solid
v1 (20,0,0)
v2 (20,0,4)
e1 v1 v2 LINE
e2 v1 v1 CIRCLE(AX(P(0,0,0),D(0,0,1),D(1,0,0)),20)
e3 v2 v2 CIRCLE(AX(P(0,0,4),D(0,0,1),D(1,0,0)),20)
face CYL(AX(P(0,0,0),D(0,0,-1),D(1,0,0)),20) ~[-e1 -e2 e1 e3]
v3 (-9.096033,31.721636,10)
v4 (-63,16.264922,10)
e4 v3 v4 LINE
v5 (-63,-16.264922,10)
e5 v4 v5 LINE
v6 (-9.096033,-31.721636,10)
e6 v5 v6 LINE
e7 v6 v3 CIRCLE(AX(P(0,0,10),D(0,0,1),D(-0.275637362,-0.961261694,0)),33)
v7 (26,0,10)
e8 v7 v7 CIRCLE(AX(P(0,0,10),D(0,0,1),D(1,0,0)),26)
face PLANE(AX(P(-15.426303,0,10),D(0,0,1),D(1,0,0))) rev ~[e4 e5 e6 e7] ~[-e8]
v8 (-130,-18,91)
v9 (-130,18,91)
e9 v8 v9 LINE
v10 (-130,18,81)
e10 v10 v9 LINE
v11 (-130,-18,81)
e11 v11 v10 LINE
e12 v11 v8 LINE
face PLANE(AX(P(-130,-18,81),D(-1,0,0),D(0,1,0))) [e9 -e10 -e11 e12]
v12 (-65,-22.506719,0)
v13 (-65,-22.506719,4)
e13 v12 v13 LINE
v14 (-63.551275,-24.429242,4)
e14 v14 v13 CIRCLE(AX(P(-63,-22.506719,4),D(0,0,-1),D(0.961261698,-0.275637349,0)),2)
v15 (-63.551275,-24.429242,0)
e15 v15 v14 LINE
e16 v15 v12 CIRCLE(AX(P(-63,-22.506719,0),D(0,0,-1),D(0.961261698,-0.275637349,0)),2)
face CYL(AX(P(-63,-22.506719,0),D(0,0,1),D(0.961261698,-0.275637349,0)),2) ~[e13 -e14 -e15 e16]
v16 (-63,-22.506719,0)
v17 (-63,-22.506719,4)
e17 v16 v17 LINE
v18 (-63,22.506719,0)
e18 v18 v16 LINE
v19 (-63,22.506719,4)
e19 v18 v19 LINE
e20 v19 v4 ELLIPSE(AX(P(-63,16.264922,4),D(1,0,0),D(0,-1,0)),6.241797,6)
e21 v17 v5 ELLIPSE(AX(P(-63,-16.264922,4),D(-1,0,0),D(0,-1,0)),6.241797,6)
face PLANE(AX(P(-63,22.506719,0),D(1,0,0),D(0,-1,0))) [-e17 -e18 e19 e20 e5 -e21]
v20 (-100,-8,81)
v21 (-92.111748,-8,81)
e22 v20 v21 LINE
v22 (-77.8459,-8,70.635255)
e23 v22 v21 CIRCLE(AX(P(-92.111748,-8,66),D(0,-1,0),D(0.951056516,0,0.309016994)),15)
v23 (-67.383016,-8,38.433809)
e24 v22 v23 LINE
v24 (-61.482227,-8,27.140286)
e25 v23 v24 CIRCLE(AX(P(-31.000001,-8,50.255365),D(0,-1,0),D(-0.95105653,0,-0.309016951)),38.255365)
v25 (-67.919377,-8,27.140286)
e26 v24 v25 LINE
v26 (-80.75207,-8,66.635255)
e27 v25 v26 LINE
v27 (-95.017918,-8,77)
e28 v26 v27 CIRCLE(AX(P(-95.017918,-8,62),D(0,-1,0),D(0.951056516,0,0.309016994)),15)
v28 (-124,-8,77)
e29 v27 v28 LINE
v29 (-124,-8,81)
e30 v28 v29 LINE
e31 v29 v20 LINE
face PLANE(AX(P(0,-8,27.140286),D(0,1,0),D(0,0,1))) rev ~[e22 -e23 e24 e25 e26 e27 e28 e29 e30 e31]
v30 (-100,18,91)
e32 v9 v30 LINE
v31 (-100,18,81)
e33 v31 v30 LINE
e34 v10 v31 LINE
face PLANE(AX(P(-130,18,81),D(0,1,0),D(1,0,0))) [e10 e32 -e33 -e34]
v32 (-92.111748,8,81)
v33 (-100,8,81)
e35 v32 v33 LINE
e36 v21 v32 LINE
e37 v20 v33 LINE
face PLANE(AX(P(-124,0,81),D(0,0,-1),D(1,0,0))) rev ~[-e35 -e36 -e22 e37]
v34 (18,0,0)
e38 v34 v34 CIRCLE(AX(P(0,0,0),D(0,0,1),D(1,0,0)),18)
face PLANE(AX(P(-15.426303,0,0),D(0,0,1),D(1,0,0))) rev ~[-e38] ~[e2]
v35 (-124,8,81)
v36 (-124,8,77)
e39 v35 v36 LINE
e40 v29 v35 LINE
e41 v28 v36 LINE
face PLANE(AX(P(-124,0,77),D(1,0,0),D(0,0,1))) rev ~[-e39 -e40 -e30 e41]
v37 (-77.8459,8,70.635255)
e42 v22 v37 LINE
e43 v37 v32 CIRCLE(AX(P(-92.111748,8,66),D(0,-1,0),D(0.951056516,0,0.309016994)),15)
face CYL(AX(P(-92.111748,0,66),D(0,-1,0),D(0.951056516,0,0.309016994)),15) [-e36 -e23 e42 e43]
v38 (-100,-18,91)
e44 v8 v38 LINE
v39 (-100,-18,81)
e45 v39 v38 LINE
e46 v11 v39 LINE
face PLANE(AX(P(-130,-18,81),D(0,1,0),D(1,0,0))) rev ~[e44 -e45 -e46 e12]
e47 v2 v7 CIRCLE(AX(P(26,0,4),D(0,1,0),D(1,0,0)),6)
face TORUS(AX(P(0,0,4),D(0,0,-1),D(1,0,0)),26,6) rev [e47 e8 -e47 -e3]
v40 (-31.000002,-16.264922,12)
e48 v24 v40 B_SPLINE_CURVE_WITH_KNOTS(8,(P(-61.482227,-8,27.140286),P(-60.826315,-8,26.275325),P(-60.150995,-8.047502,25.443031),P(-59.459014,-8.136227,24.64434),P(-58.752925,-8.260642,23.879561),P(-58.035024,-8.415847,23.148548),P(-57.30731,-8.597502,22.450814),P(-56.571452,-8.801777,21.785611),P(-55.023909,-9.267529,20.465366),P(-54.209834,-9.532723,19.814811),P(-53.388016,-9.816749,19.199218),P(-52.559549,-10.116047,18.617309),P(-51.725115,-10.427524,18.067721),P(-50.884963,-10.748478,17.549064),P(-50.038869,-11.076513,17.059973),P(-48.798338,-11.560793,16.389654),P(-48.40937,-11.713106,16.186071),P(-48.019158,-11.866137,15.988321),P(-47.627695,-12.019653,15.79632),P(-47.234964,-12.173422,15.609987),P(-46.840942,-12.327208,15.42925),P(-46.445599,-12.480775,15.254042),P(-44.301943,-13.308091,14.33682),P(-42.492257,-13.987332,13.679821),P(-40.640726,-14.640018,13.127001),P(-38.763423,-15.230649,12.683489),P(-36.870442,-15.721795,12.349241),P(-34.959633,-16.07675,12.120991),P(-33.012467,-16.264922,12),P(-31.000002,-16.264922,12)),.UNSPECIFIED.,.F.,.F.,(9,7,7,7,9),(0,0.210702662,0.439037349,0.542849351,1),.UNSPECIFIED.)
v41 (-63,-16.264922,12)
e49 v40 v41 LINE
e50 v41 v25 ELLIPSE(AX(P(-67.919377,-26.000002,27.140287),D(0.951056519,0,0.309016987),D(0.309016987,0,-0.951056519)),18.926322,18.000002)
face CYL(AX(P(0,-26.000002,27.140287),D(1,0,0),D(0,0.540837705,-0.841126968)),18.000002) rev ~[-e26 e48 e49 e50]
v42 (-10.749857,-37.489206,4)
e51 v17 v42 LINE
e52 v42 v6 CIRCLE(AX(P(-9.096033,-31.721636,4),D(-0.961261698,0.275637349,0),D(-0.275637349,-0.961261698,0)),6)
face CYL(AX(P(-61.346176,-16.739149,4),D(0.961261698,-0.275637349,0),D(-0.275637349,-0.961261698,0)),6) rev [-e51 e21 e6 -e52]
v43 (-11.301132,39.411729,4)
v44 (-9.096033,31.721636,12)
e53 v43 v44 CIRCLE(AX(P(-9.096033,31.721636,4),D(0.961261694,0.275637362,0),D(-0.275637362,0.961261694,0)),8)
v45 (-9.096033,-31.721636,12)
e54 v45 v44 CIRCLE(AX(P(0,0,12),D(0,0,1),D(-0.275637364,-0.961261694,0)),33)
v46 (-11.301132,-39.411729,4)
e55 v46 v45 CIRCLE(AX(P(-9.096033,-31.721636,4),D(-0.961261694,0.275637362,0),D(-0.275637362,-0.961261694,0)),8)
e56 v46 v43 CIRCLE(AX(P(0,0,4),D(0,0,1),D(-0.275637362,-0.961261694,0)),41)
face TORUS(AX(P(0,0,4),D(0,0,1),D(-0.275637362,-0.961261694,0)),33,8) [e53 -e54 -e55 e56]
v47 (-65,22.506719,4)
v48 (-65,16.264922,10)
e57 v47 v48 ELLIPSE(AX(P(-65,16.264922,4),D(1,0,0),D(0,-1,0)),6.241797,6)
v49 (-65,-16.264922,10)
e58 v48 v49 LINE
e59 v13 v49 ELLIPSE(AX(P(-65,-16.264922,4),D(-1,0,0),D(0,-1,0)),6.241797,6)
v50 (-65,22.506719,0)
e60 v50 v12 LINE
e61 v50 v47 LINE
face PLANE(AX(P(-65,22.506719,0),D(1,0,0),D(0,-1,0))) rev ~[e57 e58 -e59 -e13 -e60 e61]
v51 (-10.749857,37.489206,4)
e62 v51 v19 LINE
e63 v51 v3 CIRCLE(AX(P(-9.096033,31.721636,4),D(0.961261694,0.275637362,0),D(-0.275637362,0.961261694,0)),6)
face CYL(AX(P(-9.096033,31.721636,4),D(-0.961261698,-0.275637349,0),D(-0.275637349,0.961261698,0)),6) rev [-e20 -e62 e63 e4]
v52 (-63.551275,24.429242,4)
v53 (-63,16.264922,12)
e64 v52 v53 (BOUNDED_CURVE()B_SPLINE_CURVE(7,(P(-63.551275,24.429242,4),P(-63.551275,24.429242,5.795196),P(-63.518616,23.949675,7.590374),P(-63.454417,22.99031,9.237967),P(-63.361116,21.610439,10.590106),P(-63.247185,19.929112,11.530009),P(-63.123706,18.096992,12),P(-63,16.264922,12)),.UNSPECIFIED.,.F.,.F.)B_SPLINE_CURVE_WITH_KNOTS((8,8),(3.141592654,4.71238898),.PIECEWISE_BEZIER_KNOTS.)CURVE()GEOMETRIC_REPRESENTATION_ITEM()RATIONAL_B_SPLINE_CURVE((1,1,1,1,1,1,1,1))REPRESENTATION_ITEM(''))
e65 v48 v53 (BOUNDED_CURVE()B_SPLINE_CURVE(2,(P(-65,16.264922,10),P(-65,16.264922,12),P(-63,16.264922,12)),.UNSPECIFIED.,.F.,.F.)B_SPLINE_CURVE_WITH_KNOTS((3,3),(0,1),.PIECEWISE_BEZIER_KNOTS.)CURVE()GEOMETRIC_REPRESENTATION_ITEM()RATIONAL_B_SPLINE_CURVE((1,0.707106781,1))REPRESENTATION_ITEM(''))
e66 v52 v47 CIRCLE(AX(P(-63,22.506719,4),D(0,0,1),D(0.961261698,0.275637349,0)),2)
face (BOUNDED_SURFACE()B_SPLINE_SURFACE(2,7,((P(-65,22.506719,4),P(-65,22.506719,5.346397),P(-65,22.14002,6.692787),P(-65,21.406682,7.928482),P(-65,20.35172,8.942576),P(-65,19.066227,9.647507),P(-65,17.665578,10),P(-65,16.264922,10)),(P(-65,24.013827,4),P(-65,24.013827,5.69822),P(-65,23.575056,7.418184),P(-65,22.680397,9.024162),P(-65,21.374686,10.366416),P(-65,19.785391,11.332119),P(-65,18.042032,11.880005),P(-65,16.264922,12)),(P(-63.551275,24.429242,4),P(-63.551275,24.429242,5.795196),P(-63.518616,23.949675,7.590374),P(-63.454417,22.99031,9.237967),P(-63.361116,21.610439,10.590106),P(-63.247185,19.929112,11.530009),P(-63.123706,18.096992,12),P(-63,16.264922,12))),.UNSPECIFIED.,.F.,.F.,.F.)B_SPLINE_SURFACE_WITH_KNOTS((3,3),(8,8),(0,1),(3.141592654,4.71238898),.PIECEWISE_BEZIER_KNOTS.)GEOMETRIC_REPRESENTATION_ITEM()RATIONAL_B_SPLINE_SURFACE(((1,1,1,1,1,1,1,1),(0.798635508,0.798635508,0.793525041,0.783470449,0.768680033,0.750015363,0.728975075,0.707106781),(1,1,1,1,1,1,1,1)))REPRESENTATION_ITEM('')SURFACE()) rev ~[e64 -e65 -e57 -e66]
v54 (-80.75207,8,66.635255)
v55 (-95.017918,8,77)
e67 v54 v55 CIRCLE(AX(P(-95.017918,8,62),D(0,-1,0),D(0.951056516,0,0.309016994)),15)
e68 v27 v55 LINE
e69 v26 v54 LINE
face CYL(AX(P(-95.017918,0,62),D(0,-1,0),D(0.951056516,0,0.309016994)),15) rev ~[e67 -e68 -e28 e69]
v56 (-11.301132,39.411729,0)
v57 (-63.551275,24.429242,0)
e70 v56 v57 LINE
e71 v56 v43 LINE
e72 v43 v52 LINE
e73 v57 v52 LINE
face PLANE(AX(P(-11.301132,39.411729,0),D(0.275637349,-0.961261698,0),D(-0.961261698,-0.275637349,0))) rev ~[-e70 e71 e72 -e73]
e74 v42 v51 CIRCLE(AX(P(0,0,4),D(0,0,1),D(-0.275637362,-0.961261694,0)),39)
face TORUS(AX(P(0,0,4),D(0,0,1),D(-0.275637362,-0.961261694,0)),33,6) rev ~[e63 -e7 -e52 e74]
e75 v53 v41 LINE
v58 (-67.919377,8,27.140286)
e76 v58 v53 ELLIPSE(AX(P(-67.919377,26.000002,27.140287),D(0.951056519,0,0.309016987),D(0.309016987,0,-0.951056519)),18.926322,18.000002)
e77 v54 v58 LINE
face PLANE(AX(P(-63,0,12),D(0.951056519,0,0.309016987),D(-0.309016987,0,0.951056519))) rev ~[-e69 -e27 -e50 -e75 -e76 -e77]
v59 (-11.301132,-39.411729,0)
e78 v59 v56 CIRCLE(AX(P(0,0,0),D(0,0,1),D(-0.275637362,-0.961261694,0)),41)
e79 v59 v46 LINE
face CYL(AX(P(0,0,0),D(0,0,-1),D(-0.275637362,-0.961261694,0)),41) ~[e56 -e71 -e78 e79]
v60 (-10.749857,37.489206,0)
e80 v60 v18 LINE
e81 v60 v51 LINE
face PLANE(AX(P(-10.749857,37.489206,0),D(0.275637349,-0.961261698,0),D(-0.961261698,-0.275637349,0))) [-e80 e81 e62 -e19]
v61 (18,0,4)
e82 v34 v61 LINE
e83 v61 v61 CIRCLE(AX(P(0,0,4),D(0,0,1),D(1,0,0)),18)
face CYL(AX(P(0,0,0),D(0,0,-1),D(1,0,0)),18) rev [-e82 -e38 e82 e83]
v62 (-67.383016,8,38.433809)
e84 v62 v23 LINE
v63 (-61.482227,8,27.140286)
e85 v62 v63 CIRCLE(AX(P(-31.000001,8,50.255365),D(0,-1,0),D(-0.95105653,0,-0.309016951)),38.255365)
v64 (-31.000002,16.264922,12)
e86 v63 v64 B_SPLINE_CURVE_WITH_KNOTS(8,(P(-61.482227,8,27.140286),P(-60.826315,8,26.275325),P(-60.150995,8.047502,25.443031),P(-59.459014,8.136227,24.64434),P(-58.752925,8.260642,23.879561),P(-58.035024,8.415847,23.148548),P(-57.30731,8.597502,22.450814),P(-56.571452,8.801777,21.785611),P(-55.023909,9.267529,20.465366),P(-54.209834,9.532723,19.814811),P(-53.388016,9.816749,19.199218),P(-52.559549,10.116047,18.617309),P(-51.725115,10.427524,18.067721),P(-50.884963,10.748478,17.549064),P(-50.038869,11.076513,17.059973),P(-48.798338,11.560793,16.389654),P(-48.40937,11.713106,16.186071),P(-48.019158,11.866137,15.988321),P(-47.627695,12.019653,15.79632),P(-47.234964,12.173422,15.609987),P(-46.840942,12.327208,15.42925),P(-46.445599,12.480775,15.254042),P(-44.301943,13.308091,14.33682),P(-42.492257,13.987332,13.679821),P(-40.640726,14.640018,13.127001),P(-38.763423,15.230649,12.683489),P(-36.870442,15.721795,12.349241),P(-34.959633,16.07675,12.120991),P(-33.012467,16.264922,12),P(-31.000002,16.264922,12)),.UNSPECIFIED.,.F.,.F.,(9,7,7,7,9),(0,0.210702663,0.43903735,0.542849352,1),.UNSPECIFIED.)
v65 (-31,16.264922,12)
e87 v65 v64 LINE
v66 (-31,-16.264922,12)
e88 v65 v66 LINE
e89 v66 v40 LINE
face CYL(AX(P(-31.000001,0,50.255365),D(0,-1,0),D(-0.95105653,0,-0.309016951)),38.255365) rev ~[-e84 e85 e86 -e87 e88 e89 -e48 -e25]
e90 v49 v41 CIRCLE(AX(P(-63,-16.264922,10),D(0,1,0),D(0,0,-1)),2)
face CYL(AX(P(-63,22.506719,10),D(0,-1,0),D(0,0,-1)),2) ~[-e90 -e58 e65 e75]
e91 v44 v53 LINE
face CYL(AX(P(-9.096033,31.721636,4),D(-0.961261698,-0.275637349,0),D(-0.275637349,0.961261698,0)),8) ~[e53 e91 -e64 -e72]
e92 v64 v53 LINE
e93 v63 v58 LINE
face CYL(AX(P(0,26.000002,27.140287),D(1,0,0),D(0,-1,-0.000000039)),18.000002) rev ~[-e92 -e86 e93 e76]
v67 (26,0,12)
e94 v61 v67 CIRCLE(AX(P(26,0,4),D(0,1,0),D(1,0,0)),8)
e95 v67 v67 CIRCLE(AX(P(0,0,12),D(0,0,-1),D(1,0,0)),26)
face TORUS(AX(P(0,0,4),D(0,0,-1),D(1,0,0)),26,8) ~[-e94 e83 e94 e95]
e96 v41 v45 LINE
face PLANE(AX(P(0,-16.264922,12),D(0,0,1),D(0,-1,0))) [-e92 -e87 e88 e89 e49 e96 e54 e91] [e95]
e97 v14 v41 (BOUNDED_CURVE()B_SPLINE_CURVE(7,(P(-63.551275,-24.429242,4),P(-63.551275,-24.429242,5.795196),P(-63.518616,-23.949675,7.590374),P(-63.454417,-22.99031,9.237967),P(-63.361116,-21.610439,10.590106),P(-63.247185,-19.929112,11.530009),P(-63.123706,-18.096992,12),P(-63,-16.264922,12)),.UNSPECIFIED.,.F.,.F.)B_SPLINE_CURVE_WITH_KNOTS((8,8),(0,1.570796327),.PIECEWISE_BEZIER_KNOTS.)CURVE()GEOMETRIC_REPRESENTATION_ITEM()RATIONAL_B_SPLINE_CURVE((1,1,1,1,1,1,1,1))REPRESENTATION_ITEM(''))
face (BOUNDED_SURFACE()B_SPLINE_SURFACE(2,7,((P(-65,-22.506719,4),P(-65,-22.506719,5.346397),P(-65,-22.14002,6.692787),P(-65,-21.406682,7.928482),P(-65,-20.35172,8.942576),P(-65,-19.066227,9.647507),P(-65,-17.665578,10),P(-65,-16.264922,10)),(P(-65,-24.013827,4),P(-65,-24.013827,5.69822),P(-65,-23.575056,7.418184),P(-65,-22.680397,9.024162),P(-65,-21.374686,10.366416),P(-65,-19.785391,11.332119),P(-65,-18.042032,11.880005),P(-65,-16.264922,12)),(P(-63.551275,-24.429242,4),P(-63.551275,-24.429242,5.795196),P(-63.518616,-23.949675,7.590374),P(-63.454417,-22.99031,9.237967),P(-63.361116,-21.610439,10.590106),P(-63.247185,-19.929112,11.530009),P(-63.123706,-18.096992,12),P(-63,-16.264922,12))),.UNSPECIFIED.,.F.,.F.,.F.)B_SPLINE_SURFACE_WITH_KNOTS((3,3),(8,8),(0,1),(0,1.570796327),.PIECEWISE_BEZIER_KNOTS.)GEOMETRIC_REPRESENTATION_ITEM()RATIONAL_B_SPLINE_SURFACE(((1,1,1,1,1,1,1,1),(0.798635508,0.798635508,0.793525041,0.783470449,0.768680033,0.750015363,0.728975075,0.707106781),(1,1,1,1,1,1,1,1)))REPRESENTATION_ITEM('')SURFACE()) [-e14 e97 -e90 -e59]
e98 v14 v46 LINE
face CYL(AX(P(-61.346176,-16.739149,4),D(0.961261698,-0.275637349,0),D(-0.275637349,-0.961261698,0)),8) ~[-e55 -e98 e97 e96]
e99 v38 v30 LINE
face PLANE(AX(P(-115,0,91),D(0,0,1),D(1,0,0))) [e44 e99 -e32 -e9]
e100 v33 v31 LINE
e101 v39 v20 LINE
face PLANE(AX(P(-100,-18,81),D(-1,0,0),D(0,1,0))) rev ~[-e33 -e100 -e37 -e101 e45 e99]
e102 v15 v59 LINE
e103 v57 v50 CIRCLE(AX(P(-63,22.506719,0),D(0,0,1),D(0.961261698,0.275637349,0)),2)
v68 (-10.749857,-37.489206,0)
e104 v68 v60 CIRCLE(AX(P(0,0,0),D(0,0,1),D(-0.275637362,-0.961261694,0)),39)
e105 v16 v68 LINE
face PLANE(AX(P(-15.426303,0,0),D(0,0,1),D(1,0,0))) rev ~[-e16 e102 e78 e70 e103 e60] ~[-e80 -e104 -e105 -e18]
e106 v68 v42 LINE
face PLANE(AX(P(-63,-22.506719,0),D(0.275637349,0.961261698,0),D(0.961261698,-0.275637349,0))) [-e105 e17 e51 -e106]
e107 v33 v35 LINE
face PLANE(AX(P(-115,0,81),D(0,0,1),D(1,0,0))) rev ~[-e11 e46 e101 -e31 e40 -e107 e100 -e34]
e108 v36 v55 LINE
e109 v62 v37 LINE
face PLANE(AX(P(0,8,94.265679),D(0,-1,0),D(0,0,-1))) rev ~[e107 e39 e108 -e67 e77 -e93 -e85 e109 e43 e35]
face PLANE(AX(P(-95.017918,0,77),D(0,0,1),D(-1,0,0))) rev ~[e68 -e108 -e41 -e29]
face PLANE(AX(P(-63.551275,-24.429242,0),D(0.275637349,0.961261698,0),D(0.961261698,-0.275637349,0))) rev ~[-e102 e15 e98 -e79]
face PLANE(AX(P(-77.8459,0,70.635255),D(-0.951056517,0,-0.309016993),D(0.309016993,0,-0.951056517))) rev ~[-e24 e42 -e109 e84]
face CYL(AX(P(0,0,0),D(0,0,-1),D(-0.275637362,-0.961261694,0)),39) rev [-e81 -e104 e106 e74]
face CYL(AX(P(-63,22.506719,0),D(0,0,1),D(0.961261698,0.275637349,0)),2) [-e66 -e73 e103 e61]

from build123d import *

# Parameters (mm, degrees)
SKETCH_R     = 20
PAD_DEPTH    = 10
FILLET_R     = 6
THICKNESS_T  = 2
PAD001_DEPTH = 20
POCKET_DEPTH = 124.001
SKETCH003_W  = 30
SKETCH003_H  = 36
PAD002_DEPTH = 10


with BuildPart() as part:
    # Sketch → Pad (new body)
    with BuildSketch(Plane.XY):
        with BuildLine():
            ThreePointArc((-10.749857, -37.489206), (39, 0), (-10.749857, 37.489206))
            Line((-10.749857, 37.489206), (-63, 22.506719))
            Line((-63, 22.506719), (-63, -22.506719))
            Line((-63, -22.506719), (-10.749857, -37.489206))
        make_face()
        Circle(SKETCH_R, mode=Mode.SUBTRACT)
    extrude(amount=PAD_DEPTH)

    # Fillet
    fillet_edges = [part.edges().sort_by_distance(p)[0] for p in [
        (-36.874928, -29.997962, 10),
        (39, 0, 10),
        (-36.874928, 29.997962, 10),
        (-20, 0, 10),
    ]]
    fillet(fillet_edges, radius=FILLET_R)

    # Thickness
    thickness_openings = [part.faces().sort_by_distance(p)[0] for p in [
        (-14.455542, 0, 0),
    ]]
    offset(amount=THICKNESS_T, openings=thickness_openings)

    # Sketch001 → Pad001 (join, symmetric)
    with BuildSketch(Plane.XZ):
        with BuildLine():
            Line((-63, 12), (-80.75207, 66.635255))
            ThreePointArc((-80.75207, 66.635255), (-86.201139, 74.135255), (-95.017918, 77))
            Line((-95.017918, 77), (-124, 77))
            Line((-124, 77), (-124, 81))
            Line((-124, 81), (-92.111748, 81))
            ThreePointArc((-77.8459, 70.635255), (-83.294969, 78.135255), (-92.111748, 81))
            Line((-77.8459, 70.635255), (-67.383016, 38.433809))
            ThreePointArc((-67.383016, 38.433809), (-53.485941, 19.306125), (-31, 12))
            Line((-63, 12), (-31, 12))
        make_face()
    extrude(amount=PAD001_DEPTH, both=True)

    # Sketch002 → Pocket (cut, through all)
    with BuildSketch(Plane.YZ):
        with BuildLine():
            Line((8, 94.265679), (8, 27.140286))
            ThreePointArc((8, 27.140286), (10.200769, 18.515653), (16.264922, 12))
            Line((16.264922, 12), (86.307831, 12))
            Line((86.307831, 124.281616), (86.307831, 12))
            Line((-95.791176, 124.281616), (86.307831, 124.281616))
            Line((-95.791176, 12), (-95.791176, 124.281616))
            Line((-16.264922, 12), (-95.791176, 12))
            ThreePointArc((-16.264922, 12), (-10.200769, 18.515653), (-8, 27.140286))
            Line((-8, 27.140286), (-8, 94.265679))
            Line((-8, 94.265679), (8, 94.265679))
        make_face()
    extrude(amount=-POCKET_DEPTH, mode=Mode.SUBTRACT)

    # Sketch003 (on Face43 of Pocket) → Pad002 (join)
    with BuildSketch(Plane.XY.offset(81)):
        with Locations((-115, 0)):
            Rectangle(SKETCH003_W, SKETCH003_H)
    extrude(amount=PAD002_DEPTH)


solid = part.part
